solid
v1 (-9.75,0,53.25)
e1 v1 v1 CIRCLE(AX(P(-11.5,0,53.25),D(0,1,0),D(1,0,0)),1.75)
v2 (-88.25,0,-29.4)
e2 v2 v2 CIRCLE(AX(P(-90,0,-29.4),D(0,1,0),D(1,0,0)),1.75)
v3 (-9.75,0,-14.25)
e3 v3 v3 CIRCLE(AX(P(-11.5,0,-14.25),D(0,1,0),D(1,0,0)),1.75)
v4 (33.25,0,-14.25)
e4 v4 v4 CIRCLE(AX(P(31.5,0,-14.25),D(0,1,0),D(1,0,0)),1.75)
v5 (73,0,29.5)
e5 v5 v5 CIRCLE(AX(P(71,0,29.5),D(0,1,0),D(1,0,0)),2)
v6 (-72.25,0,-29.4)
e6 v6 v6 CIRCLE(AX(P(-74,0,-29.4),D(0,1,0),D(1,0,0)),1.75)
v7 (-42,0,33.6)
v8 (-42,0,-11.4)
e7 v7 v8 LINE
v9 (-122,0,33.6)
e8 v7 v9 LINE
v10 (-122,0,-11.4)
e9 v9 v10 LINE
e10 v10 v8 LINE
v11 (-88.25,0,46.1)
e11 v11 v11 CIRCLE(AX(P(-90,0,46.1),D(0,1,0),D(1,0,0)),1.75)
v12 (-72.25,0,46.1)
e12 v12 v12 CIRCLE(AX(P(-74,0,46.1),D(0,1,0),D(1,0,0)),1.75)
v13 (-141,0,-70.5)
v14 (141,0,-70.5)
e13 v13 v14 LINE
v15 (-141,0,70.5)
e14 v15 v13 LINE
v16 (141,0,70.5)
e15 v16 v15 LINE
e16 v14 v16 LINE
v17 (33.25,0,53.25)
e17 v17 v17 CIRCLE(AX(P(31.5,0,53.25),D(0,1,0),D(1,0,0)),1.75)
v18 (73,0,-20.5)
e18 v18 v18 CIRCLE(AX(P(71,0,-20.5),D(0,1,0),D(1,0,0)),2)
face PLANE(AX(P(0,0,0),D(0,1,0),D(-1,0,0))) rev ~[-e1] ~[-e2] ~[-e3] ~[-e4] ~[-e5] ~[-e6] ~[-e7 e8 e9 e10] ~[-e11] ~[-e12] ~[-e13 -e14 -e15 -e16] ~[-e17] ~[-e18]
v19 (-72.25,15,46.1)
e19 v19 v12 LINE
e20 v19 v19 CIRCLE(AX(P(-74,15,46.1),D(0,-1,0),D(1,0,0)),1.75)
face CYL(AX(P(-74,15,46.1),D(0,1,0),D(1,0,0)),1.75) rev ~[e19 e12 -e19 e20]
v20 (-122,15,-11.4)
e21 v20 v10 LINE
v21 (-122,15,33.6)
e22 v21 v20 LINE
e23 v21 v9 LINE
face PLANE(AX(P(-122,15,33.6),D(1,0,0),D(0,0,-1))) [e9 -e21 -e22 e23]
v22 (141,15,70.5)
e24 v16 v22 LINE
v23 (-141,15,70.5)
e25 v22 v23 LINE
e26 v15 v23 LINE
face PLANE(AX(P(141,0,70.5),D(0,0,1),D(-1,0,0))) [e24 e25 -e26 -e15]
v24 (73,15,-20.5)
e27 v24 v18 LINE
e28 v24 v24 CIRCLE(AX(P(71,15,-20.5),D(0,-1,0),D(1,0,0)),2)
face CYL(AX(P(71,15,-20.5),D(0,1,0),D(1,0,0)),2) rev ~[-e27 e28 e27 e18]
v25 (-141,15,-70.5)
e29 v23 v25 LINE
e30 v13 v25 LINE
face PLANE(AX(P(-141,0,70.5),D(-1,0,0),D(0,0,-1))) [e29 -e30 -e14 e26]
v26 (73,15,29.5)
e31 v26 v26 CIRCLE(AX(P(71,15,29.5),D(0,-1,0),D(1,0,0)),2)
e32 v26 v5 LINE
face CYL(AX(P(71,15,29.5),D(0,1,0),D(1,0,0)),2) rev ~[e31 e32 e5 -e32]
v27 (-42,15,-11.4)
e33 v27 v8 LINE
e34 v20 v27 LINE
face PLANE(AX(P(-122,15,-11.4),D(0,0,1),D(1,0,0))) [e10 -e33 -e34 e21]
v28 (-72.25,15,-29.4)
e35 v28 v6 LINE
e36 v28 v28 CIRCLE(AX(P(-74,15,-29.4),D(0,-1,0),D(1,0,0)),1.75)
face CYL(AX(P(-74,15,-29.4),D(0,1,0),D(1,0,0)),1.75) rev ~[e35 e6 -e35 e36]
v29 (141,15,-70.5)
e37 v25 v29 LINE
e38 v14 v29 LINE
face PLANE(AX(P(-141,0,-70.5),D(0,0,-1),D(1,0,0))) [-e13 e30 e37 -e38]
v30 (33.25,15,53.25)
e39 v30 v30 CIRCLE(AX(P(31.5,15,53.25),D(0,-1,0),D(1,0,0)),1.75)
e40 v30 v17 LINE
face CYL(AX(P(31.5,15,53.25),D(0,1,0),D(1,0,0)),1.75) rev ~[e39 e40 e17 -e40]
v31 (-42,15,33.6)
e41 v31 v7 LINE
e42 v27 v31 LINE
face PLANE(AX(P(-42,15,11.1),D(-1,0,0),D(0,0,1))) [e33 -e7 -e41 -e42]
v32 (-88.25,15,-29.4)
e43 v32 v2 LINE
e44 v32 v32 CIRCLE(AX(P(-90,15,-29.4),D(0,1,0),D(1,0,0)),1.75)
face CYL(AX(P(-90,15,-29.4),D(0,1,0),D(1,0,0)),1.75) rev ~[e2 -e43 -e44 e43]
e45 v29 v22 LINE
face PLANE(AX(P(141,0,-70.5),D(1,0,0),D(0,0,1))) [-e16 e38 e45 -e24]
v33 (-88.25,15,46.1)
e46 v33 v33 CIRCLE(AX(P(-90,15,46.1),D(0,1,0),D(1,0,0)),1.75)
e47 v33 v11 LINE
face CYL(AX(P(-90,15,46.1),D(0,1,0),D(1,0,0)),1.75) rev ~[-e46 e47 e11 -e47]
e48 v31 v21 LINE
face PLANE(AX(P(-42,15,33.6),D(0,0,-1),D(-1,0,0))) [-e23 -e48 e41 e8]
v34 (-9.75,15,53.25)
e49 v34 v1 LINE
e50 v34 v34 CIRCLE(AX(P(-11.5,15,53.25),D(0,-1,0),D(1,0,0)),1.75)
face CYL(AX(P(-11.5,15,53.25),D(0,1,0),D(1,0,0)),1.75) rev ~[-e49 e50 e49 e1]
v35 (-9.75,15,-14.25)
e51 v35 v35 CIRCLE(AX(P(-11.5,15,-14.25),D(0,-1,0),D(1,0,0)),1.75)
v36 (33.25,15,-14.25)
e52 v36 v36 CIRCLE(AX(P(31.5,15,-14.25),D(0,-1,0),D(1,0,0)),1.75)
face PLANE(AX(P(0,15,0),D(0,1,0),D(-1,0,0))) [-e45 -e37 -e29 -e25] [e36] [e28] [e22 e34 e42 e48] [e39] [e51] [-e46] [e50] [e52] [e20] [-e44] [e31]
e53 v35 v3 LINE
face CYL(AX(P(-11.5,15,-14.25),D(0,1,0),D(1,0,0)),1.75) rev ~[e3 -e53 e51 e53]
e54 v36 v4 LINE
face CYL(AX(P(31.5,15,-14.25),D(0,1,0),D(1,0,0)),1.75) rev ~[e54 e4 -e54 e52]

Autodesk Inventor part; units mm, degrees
ref_plane "YZ Plane" through (0, 0, 0) normal (1, 0, 0) x (0, 1, 0)
ref_plane "XZ Plane" through (0, 0, 0) normal (0, 1, 0) x (-1, 0, 0)
ref_plane "XY Plane" through (0, 0, 0) normal (0, 0, 1) x (1, 0, 0)
sketch "Sketch1" plane through (0, 0, 0) normal (0, 1, 0) x (-1, 0, 0)
  line L0 (141, -70.5) -> (-141, -70.5)
  line L1 (-141, -70.5) -> (-141, 70.5)
  line L2 (-141, 70.5) -> (141, 70.5)
  line L3 (141, 70.5) -> (141, -70.5)
  line L4 (141, -70.5) -> (-141, 70.5) construction
  line L5 (-141, -70.5) -> (141, 70.5) construction
  point P0 (0, 0)
  dimension "d0" = 282
  dimension "d1" = 141
extrude "RectangleFace" add sketch "Sketch1" along normal blind 15
sketch "Sketch2" plane through (0, 15, 0) normal (0, 1, 0) x (1, 0, 0)
  line L0 (141, 70.5) -> (-141, 70.5) projected
  line L1 (0, 70.5) -> (0, -11.1)
  line L2 (0, -11.1) -> (-82, -11.1)
  line L3 (-122, 11.4) -> (-42, 11.4)
  line L4 (-42, 11.4) -> (-42, -33.6)
  line L5 (-42, -33.6) -> (-122, -33.6)
  line L6 (-122, -33.6) -> (-122, 11.4)
  line L7 (-122, 11.4) -> (-42, -33.6) construction
  line L8 (-42, 11.4) -> (-122, -33.6) construction
  point P0 (0, 0)
  dimension "d4" = 81.6
  dimension "d5" = 82
  dimension "d6" = 80
  dimension "d7" = 45
extrude "RectangularCut" cut sketch "Sketch2" against normal blind 15
sketch "Sketch3" plane through (0, 15, 0) normal (0, 1, 0) x (1, 0, 0)
  line L0 (-42, 11.4) -> (-122, 11.4) projected
  line L1 (-82, 11.4) -> (-82, 29.4)
  line L2 (-122, -33.6) -> (-42, -33.6) projected
  line L3 (-82, -33.6) -> (-82, -46.1)
  line L4 (-82, 29.4) -> (-74, 29.4)
  line L5 (-82, 29.4) -> (-90, 29.4)
  line L6 (-82, -46.1) -> (-74, -46.1)
  line L7 (-82, -46.1) -> (-90, -46.1)
  circle A0 centre (-74, -46.1) radius 1.75
  circle A1 centre (-90, -46.1) radius 1.75
  circle A2 centre (-74, 29.4) radius 1.75
  circle A3 centre (-90, 29.4) radius 1.75
  point P0 (0, 0)
  dimension "d10" = 18
  dimension "d11" = 12.5
  dimension "d12" = 8
  dimension "d13" = 8
  dimension "d14" = 8
  dimension "d15" = 8
  dimension "d16" = 3.5
  dimension "d17" = 3.5
  dimension "d18" = 3.5
  dimension "d19" = 3.5
extrude "AxleSupportHoles" cut sketch "Sketch3" against normal blind 15
sketch "Sketch4" plane through (0, 15, 0) normal (0, 1, 0) x (1, 0, 0)
  line L0 (141, 70.5) -> (-141, 70.5) projected
  line L1 (0, 70.5) -> (0, -19.5)
  line L2 (0, -19.5) -> (10, -19.5)
  line L3 (-15.5, 18.25) -> (35.5, 18.25)
  line L4 (35.5, 18.25) -> (35.5, -57.25)
  line L5 (35.5, -57.25) -> (-15.5, -57.25)
  line L6 (-15.5, -57.25) -> (-15.5, 18.25)
  line L7 (-15.5, 18.25) -> (35.5, -57.25) construction
  line L8 (35.5, 18.25) -> (-15.5, -57.25) construction
  line L9 (-15.5, 18.25) -> (-11.5, 18.25)
  line L10 (-11.5, 18.25) -> (-11.5, 14.25)
  line L11 (35.5, 18.25) -> (31.5, 18.25)
  line L12 (31.5, 18.25) -> (31.5, 14.25)
  line L13 (-15.5, -57.25) -> (-11.5, -57.25)
  line L14 (-11.5, -57.25) -> (-11.5, -53.25)
  line L15 (35.5, -57.25) -> (31.5, -57.25)
  line L16 (31.5, -57.25) -> (31.5, -53.25)
  circle A0 centre (-11.5, -53.25) radius 1.75
  circle A1 centre (31.5, -53.25) radius 1.75
  circle A2 centre (31.5, 14.25) radius 1.75
  circle A3 centre (-11.5, 14.25) radius 1.75
  point P0 (0, 0)
  dimension "d22" = 90
  dimension "d23" = 10
  dimension "d24" = 51
  dimension "d25" = 75.5
  dimension "d26" = 4
  dimension "d27" = 4
  dimension "d28" = 4
  dimension "d29" = 4
  dimension "d30" = 4
  dimension "d31" = 4
  dimension "d32" = 4
  dimension "d33" = 4
  dimension "d34" = 3.5
  dimension "d35" = 3.5
  dimension "d36" = 3.5
  dimension "d37" = 3.5
extrude "DriverHoles" cut sketch "Sketch4" against normal blind 15 contours A0 | A1 | A2 | A3
sketch "Sketch5" plane through (0, 15, 0) normal (0, 1, 0) x (1, 0, 0)
  line L0 (-141, 70.5) -> (141, 70.5) projected
  line L1 (141, 70.5) -> (71, 70.5)
  line L2 (71, 70.5) -> (71, 20.5)
  line L3 (71, 70.5) -> (121, 70.5) construction
  line L4 (71, 20.5) -> (71, -29.5)
  circle A0 centre (71, 20.5) radius 2
  circle A1 centre (71, -29.5) radius 2
  point P0 (0, 0)
  dimension "d40" = 70
  dimension "d41" = 50
  dimension "d42" = 90
  dimension "d43" = 50
  dimension "d44" = 180
  dimension "d45" = 4
  dimension "d46" = 4
extrude "Extrusion5" cut sketch "Sketch5" against normal blind 15
properties part number "RectangleFifteen1"
